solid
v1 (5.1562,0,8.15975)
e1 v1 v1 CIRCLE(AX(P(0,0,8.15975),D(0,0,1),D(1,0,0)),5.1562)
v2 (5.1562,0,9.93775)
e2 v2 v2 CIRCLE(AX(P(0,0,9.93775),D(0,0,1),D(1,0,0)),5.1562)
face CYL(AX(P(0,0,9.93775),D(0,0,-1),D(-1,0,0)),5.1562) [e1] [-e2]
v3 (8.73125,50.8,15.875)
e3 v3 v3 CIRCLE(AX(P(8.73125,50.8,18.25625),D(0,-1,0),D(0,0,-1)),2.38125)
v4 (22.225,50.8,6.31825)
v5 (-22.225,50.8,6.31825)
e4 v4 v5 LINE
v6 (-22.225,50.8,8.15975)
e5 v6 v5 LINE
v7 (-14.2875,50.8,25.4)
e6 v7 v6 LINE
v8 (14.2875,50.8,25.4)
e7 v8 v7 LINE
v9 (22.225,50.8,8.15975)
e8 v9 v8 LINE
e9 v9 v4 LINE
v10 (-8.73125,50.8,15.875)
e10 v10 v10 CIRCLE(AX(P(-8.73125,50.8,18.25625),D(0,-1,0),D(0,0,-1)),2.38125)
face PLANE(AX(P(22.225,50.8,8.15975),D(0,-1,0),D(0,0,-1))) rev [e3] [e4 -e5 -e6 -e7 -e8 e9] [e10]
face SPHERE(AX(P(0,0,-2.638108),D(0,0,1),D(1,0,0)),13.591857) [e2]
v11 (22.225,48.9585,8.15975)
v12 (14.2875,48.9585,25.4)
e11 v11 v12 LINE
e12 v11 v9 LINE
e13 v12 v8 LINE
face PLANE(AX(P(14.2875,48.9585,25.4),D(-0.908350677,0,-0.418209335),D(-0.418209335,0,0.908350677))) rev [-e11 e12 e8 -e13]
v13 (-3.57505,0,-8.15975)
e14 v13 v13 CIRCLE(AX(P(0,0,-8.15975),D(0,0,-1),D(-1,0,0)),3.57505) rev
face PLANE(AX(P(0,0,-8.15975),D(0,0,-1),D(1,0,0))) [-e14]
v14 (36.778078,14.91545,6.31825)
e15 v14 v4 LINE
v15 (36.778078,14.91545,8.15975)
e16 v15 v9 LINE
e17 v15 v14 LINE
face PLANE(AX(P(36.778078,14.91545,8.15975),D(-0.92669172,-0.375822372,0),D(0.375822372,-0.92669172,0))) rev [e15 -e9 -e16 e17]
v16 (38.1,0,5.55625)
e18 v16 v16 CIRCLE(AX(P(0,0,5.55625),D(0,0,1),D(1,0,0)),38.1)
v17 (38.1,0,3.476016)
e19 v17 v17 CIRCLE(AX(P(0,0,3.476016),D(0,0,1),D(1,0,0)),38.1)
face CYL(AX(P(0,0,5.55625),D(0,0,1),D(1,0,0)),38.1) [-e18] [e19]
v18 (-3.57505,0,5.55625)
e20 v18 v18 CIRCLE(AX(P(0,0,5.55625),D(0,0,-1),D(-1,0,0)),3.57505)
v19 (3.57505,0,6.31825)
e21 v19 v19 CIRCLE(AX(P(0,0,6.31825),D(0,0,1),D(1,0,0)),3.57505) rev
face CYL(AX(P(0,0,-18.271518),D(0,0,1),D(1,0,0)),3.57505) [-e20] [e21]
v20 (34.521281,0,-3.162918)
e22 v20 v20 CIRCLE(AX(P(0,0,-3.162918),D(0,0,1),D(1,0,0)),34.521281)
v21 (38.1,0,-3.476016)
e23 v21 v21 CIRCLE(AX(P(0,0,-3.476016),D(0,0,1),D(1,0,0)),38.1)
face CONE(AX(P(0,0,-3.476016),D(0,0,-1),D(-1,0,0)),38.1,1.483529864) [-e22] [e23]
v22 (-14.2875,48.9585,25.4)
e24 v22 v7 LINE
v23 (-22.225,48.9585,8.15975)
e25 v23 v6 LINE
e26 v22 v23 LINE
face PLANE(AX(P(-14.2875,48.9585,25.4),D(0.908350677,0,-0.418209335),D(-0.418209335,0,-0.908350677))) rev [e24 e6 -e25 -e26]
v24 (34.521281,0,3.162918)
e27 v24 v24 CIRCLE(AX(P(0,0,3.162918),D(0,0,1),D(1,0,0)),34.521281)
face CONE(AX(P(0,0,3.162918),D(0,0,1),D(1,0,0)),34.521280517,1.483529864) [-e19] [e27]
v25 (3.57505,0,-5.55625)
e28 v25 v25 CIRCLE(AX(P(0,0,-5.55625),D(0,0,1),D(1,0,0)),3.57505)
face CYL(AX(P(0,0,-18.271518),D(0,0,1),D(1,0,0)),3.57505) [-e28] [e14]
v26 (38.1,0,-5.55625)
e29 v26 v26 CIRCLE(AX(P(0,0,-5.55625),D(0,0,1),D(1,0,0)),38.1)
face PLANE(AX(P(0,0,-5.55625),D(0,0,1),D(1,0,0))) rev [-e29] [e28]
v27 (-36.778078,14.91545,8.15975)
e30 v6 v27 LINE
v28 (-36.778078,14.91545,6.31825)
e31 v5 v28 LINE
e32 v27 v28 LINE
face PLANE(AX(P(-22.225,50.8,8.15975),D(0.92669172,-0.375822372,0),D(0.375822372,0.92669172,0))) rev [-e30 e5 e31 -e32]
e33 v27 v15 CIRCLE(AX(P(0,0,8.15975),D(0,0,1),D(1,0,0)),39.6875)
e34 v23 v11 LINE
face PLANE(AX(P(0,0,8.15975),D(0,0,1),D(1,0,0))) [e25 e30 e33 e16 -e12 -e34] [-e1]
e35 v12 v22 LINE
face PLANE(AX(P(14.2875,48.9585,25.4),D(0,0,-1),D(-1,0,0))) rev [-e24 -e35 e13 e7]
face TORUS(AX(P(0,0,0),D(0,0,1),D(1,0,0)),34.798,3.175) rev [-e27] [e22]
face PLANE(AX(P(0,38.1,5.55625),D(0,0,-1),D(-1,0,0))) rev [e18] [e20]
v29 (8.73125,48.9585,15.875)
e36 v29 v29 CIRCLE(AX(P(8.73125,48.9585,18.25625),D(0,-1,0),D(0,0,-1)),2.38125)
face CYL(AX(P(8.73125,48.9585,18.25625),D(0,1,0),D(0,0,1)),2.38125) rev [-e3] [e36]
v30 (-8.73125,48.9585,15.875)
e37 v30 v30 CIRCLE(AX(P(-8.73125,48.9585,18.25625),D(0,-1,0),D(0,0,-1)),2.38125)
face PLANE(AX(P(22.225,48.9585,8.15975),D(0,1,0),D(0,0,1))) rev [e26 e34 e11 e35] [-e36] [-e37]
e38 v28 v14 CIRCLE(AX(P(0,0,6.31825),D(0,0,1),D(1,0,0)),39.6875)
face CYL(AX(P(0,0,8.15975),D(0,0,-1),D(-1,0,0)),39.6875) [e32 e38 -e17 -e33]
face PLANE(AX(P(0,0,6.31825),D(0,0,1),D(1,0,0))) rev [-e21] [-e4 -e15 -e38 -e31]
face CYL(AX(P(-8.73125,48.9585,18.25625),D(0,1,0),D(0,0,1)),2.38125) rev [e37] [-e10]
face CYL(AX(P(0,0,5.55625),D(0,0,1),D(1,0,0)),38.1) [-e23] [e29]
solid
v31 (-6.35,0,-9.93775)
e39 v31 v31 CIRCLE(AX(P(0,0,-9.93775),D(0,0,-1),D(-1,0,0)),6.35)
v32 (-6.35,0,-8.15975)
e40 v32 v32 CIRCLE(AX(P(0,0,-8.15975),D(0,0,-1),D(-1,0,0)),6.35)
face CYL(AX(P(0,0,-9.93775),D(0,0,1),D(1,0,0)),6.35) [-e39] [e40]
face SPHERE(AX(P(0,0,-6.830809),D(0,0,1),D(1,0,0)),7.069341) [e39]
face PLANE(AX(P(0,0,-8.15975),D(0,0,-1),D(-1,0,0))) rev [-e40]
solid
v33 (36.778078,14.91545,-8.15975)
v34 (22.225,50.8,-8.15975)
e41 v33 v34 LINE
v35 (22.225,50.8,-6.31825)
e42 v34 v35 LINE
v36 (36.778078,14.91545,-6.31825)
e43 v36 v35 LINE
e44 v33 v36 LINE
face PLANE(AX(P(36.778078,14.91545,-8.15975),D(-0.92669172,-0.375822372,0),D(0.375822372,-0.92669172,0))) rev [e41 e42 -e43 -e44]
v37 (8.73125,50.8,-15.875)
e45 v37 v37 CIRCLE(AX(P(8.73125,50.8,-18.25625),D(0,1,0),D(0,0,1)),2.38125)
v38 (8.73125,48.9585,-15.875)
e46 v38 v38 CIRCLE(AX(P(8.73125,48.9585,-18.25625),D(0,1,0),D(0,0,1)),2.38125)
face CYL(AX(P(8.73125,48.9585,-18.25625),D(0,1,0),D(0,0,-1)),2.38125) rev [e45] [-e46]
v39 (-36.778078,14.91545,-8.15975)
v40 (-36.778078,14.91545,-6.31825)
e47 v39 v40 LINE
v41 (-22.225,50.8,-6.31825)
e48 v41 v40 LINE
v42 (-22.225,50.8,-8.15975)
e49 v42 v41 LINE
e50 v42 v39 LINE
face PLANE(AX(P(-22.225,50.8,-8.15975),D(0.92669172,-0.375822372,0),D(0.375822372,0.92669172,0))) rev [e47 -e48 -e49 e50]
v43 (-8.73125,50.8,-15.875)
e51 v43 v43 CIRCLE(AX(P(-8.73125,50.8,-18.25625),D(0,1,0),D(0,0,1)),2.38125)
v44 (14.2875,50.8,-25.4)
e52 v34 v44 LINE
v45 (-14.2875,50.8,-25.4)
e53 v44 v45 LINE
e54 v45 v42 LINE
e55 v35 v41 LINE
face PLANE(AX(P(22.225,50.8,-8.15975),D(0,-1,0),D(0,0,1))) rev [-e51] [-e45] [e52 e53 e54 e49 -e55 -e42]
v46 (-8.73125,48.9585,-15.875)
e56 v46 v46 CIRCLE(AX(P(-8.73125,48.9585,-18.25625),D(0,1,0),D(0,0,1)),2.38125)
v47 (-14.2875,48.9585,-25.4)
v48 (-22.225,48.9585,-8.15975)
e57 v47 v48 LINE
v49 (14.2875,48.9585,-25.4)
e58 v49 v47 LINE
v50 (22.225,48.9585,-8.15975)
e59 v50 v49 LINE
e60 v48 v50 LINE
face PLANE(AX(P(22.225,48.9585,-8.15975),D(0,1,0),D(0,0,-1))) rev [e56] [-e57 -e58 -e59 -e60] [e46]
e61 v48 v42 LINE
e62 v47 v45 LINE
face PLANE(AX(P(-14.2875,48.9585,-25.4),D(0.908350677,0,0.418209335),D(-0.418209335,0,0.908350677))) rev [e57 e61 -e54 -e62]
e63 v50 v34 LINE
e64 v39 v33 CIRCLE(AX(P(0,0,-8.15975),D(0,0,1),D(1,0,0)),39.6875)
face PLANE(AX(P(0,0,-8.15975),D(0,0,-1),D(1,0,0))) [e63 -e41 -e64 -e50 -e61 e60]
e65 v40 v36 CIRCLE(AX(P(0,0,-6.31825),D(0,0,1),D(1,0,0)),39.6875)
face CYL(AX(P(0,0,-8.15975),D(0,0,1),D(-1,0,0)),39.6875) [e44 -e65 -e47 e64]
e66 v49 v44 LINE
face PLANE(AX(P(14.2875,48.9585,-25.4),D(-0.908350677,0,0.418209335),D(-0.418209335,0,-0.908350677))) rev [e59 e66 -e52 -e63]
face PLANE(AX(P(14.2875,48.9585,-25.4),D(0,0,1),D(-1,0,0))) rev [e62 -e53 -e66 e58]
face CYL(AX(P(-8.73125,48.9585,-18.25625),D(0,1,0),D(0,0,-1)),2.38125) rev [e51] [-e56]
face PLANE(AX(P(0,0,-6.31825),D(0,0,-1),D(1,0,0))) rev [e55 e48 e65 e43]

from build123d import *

# Parameters (mm, degrees)
BOSS_EXTRUDE1_DEPTH = 1.8415
SKETCH5_R           = 2.38125
BOSS_EXTRUDE2_DEPTH = 1.8415
SKETCH6_R           = 5.1562
BOSS_EXTRUDE3_DEPTH = 1.778
DOME4_FACE_RADIUS   = 5.1562
DOME4_HEIGHT        = 1.016
SKETCH8_R           = 6.35
BOSS_EXTRUDE4_DEPTH = 1.778
DOME7_FACE_RADIUS   = 6.35
DOME7_HEIGHT        = 3.9624
BOSS_EXTRUDE5_REACH = 74.677
SKETCH9_R           = 3.57505


with BuildPart() as part:
    # Sketch3 → Revolve1 (revolve)
    with BuildSketch(Plane(origin=(0, 0, 0), x_dir=(0, 0, -1), z_dir=(1, 0, 0)), mode=Mode.PRIVATE) as revolve1_sk:
        with BuildLine():
            Line((-5.55625, 38.1), (-5.55625, 0))
            Line((-5.55625, 0), (5.55625, 0))
            Line((5.55625, 0), (5.55625, 38.1))
            Line((5.55625, 38.1), (3.476015551, 38.1))
            Line((3.476015551, 38.1), (3.162918166, 34.521280517))
            ThreePointArc((3.162918166, 34.521280517), (0, 31.623), (-3.162918166, 34.521280517))
            Line((-3.162918166, 34.521280517), (-3.476015551, 38.1))
            Line((-3.476015551, 38.1), (-5.55625, 38.1))
        make_face()
    revolve(revolve1_sk.sketch.rotate(Axis((0, 0, 5.55625), (0, 0, -1)), 90), axis=Axis((0, 0, 5.55625), (0, 0, -1)))



with BuildPart() as body_2:
    # Sketch4 → Boss-Extrude1 (new body)
    with BuildSketch(Plane.XY.offset(6.31825)):
        with BuildLine():
            Line((22.225, 50.8), (-22.225, 50.8))
            Line((-22.225, 50.8), (-36.778077648, 14.915450404))
            ThreePointArc((-36.778077648, 14.915450404), (0, -39.6875), (36.778077648, 14.915450404))
            Line((36.778077648, 14.915450404), (22.225, 50.8))
        make_face()
    extrude(amount=BOSS_EXTRUDE1_DEPTH)

    # Sketch5 → Boss-Extrude2 (add)
    with BuildSketch(Plane(origin=(0, 50.8, 97.5995), x_dir=(-1, 0, 0), z_dir=(0, -1, 0))):
        Polygon((-14.2875, 72.1995), (14.2875, 72.1995), (22.225, 89.43975), (-22.225, 89.43975), align=None)
        with Locations(Location((-8.73125, 79.34325, 0), (0, 0, 90))):
            Circle(SKETCH5_R, mode=Mode.SUBTRACT)
        with Locations(Location((8.73125, 79.34325, 0), (0, 0, 90))):
            Circle(SKETCH5_R, mode=Mode.SUBTRACT)
    extrude(amount=BOSS_EXTRUDE2_DEPTH)


with BuildPart() as body_3:
    # Mirror1: mirrored copy
    add(body_2.part.mirror(Plane.XY))


with BuildPart() as body_2_1:
    add(body_2.part)

    # Sketch6 → Boss-Extrude3 (add)
    with BuildSketch(Plane.XY.offset(8.15975)):
        Circle(SKETCH6_R)
    extrude(amount=BOSS_EXTRUDE3_DEPTH)

    # Dome4: a dome of height H over a round flat face of radius A is a cap of a sphere of radius (A * A + H * H) / (2 * H)
    dome4_r = (DOME4_FACE_RADIUS * DOME4_FACE_RADIUS + DOME4_HEIGHT * DOME4_HEIGHT) / (2 * DOME4_HEIGHT)
    dome4_base = Plane((0, 0, 9.93775), z_dir=(0, 0, 1))
    with Locations(dome4_base.offset(DOME4_HEIGHT - dome4_r)):
        dome4_ball = Sphere(dome4_r, mode=Mode.PRIVATE)
    add(split(dome4_ball, bisect_by=dome4_base, keep=Keep.TOP, mode=Mode.PRIVATE))


with BuildPart() as body_4:
    # Sketch8 → Boss-Extrude4 (new body)
    with BuildSketch(Plane(origin=(0, 0, -8.15975), x_dir=(-1, 0, 0), z_dir=(0, 0, -1))):
        Circle(SKETCH8_R)
    extrude(amount=BOSS_EXTRUDE4_DEPTH)

    # Dome7: a dome of height H over a round flat face of radius A is a cap of a sphere of radius (A * A + H * H) / (2 * H)
    dome7_r = (DOME7_FACE_RADIUS * DOME7_FACE_RADIUS + DOME7_HEIGHT * DOME7_HEIGHT) / (2 * DOME7_HEIGHT)
    dome7_base = Plane((0, 0, -9.93775), z_dir=(0, 0, -1))
    with Locations(dome7_base.offset(DOME7_HEIGHT - dome7_r)):
        dome7_ball = Sphere(dome7_r, mode=Mode.PRIVATE)
    add(split(dome7_ball, bisect_by=dome7_base, keep=Keep.TOP, mode=Mode.PRIVATE))


with BuildPart() as part_1:
    add(part.part)

    # Boss-Extrude5: up to this face of the body (flat: up to its plane)
    boss_extrude5_end = Plane(body_3.part.faces().sort_by_distance((0, 5.154216825, -8.15975))[0])
    # Sketch9 → Boss-Extrude5 (add, up to the picked face)
    with BuildSketch(Plane.XY.offset(8.15975), mode=Mode.PRIVATE) as boss_extrude5_sk1:
        Circle(SKETCH9_R)
    boss_extrude5_tool1 = split(extrude(boss_extrude5_sk1.sketch, amount=-BOSS_EXTRUDE5_REACH, mode=Mode.PRIVATE), bisect_by=boss_extrude5_end, keep=Keep.BOTH, mode=Mode.PRIVATE)

    add(body_2_1.part)  # Boss-Extrude5 merges body 2
    add(boss_extrude5_tool1.solids().sort_by(Axis((0, 0, 8.15975), (0, 0, -1)))[0])


solid = Compound([body_3.part, body_4.part, part_1.part])
